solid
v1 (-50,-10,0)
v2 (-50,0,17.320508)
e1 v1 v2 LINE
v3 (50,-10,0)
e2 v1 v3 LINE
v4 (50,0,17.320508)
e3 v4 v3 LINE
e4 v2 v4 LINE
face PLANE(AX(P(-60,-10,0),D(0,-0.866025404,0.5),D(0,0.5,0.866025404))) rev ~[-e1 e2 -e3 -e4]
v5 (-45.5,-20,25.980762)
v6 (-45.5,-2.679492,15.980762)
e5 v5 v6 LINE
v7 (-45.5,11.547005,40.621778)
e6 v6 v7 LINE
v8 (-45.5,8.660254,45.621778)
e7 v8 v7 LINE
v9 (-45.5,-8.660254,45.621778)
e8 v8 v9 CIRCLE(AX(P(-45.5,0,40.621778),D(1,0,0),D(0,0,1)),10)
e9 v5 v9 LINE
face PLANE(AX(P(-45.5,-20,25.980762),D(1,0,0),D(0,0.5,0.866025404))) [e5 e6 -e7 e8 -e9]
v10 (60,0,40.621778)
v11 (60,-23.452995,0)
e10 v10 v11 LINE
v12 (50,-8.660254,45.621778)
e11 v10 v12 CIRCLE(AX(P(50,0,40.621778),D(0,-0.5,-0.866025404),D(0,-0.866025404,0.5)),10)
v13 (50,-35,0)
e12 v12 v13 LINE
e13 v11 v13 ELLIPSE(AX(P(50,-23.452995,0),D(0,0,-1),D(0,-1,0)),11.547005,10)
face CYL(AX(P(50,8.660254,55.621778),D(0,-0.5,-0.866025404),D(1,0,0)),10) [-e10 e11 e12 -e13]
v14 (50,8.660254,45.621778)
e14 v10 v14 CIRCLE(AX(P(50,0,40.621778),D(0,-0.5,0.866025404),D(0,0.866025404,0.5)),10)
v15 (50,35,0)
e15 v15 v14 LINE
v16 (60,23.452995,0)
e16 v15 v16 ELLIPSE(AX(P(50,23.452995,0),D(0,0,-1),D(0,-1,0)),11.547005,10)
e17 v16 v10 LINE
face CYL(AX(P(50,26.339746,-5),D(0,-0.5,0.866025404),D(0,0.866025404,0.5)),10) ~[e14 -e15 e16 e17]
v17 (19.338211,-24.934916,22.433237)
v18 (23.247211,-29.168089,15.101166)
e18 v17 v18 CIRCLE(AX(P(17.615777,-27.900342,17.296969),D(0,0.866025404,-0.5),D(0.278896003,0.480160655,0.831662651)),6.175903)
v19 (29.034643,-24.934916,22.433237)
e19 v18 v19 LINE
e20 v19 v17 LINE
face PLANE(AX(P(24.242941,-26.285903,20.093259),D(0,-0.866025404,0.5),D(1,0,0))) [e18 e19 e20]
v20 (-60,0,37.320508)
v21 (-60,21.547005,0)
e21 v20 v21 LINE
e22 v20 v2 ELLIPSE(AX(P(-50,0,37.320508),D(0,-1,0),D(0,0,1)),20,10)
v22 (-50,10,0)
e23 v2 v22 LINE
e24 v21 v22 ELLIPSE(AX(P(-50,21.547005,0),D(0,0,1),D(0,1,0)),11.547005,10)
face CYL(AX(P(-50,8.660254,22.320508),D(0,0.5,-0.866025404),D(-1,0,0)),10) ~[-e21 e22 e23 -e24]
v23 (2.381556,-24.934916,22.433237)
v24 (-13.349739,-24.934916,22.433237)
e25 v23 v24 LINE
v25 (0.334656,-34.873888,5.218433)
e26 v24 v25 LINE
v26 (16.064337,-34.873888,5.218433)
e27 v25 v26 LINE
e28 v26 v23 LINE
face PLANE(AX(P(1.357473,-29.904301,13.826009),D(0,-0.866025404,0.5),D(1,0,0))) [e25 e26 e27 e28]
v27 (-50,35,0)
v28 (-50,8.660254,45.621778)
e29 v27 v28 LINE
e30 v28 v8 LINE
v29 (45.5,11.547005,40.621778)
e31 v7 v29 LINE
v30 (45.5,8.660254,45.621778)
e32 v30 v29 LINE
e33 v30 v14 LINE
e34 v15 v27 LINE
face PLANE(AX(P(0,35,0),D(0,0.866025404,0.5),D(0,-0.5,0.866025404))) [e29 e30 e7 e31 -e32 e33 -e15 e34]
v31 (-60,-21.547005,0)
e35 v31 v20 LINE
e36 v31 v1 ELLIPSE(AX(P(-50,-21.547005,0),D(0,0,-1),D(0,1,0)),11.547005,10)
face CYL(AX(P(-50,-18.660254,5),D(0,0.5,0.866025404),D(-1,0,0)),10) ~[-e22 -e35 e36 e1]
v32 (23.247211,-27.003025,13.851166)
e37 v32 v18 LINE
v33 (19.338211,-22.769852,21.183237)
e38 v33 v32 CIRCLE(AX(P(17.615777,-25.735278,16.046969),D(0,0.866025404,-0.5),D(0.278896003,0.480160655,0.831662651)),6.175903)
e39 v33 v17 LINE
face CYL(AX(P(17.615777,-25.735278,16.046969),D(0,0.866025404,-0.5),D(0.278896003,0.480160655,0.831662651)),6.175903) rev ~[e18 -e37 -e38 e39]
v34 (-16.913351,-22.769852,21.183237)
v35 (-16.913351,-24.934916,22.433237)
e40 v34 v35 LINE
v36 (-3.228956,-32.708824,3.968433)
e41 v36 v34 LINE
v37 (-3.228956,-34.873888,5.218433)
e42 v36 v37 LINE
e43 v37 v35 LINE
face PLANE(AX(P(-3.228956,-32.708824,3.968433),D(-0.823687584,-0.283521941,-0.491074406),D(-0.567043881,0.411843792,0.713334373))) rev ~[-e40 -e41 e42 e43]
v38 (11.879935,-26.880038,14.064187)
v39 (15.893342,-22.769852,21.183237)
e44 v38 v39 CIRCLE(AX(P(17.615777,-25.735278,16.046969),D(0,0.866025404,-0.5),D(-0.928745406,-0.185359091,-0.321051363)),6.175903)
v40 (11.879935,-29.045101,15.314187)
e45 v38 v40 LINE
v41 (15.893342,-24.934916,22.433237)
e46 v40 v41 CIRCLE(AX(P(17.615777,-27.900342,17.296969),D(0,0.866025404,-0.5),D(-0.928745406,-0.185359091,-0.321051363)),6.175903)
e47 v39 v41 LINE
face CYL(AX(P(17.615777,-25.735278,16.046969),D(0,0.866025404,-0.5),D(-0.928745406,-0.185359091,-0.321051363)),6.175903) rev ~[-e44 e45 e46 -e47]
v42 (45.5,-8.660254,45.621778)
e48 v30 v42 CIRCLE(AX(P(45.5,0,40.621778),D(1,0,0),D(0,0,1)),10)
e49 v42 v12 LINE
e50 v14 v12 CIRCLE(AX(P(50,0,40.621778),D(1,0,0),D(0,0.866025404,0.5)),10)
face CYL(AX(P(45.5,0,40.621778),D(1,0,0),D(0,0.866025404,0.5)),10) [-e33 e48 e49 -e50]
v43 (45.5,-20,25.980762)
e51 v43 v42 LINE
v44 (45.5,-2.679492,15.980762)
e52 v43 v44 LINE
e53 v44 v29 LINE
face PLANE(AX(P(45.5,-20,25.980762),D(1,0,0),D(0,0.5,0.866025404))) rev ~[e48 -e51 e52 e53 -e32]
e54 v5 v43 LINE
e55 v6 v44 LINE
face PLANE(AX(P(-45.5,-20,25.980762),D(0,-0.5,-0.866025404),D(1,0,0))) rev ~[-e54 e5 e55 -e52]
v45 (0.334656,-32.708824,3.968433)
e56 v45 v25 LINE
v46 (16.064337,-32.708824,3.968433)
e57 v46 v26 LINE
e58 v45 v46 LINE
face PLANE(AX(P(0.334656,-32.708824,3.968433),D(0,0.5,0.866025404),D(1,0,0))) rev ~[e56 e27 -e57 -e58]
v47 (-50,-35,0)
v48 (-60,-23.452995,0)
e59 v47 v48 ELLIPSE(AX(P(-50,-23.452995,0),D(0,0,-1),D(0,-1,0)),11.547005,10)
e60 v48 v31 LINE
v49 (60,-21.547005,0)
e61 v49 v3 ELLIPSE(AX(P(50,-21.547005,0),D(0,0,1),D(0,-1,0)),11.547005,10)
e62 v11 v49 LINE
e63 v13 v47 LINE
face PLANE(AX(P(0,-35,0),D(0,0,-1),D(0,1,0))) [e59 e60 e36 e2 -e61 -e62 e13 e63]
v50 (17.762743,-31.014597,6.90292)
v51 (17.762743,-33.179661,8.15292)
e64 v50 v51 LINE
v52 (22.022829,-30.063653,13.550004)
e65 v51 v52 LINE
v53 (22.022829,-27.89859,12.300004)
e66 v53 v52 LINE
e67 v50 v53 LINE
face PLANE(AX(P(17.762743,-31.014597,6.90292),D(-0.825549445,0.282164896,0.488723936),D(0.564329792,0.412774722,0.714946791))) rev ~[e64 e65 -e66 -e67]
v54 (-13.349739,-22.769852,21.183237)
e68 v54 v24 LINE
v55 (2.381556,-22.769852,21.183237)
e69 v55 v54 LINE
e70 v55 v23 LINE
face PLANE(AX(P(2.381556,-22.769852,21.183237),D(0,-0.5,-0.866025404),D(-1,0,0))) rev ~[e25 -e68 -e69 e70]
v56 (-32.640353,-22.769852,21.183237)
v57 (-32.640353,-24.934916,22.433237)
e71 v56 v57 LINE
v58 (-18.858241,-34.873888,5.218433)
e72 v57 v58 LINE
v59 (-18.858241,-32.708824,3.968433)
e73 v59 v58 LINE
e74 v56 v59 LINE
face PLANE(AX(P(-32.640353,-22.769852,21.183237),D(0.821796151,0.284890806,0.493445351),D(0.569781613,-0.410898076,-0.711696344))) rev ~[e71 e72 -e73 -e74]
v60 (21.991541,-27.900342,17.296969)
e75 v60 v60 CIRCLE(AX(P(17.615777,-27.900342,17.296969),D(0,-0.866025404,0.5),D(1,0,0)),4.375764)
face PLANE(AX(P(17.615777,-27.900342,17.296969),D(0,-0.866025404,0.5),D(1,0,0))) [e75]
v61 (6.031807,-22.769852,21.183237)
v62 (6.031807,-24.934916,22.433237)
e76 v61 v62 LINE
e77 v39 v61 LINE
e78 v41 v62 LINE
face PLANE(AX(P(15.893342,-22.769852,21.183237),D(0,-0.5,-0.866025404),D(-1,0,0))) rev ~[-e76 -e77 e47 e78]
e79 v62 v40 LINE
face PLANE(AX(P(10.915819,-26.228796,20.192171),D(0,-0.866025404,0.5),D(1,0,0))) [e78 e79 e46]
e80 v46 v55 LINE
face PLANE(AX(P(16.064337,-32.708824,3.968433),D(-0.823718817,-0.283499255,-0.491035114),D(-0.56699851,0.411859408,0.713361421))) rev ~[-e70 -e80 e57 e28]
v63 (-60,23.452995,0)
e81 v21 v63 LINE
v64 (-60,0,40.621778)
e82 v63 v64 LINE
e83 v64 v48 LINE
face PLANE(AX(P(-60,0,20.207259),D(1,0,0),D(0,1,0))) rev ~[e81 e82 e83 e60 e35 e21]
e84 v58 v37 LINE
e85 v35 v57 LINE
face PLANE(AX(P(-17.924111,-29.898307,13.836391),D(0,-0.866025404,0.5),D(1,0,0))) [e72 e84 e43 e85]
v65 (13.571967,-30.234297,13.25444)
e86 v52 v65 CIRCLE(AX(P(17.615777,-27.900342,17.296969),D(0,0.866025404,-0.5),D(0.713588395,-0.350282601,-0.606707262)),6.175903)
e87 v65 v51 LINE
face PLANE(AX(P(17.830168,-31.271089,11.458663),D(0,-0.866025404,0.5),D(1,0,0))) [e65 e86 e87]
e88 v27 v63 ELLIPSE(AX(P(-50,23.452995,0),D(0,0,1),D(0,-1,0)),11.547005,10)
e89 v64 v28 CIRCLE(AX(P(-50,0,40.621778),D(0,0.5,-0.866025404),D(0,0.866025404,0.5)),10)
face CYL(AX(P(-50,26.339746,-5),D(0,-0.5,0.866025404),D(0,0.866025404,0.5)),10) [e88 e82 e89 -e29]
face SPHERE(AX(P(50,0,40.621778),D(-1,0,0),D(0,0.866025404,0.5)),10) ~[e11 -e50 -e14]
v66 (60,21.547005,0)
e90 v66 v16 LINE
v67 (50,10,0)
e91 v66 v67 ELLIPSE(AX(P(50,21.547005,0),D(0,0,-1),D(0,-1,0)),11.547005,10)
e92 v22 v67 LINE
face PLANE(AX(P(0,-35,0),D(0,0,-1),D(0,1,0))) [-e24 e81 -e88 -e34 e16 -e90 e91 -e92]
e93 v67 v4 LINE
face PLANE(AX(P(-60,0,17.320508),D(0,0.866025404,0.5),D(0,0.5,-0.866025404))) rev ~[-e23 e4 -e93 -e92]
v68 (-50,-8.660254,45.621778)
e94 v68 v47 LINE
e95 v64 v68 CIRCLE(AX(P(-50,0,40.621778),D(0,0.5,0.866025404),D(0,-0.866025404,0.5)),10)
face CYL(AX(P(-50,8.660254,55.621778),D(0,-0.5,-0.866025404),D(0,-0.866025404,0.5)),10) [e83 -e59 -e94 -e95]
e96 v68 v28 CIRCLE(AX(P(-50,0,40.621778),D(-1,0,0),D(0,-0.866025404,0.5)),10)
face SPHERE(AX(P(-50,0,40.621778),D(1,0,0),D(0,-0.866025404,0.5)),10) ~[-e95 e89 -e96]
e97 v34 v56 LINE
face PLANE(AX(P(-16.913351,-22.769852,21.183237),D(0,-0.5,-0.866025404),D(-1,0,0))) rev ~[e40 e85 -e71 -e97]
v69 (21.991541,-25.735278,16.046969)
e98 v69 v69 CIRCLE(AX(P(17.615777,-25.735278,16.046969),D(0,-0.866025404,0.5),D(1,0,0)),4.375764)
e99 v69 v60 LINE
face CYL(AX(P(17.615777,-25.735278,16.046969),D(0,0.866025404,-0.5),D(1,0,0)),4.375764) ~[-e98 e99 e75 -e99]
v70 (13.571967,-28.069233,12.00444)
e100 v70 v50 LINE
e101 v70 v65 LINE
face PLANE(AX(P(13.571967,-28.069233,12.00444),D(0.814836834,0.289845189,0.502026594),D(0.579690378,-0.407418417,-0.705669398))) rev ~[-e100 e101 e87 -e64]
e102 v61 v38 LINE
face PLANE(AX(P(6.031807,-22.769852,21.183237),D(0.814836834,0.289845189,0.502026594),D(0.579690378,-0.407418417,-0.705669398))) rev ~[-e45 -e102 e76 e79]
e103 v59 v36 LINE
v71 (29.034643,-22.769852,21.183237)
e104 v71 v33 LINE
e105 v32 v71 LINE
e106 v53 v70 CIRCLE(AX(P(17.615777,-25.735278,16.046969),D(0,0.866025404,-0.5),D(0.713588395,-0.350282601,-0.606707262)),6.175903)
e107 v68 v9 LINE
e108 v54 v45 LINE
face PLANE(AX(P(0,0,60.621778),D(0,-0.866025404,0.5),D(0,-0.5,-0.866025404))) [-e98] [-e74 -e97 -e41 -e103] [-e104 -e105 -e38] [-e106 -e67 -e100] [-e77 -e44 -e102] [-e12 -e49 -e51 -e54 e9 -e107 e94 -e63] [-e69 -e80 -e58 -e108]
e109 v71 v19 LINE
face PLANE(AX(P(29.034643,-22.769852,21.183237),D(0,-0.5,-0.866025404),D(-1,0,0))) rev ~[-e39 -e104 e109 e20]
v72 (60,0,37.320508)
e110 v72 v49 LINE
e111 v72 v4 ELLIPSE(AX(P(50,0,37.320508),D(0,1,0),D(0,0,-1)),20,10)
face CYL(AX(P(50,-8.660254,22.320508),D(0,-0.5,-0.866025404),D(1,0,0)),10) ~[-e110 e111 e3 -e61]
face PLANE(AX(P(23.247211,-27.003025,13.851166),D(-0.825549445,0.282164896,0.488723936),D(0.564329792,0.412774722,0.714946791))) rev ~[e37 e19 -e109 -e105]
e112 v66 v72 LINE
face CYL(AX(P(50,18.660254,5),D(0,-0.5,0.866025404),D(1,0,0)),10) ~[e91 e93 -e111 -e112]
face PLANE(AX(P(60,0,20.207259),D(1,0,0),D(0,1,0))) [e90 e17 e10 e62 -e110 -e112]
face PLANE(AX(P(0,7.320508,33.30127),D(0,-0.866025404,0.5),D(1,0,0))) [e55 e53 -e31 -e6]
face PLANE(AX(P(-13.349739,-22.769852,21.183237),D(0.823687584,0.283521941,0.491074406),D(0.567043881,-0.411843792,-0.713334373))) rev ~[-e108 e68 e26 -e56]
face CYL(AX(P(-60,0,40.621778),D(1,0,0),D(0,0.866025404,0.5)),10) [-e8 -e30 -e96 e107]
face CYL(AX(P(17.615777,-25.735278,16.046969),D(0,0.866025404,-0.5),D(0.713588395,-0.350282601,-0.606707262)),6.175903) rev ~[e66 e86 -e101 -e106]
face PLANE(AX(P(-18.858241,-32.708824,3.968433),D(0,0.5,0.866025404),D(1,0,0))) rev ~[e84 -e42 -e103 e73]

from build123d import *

# Parameters (mm, degrees)
F1_DEPTH = 60
F2_W     = 91
F2_H     = 40
F3_DEPTH = 20
F4_R     = 4.3757639441
F5_DEPTH = 2.5
F7_DEPTH = 120.001
F8_R     = 10


with BuildPart() as f1:
    # F0 (on Right) → F1 (new body, symmetric)
    with BuildSketch(Plane.YZ):
        Polygon((35, 0), (0, 60.6217782649), (-35, 0), align=None)
    extrude(amount=F1_DEPTH, both=True)

    # F2 (on face) → F3 (cut)
    with BuildSketch(Plane(origin=(0, -26.25, 15.1554445662), x_dir=(1, 0, 0), z_dir=(0, -0.8660254038, 0.5))):
        with Locations((0, 32.5)):
            Rectangle(F2_W, F2_H)
    extrude(amount=-F3_DEPTH, mode=Mode.SUBTRACT)

    # F4 (on face) → F5 (join)
    with BuildSketch(Plane(origin=(0, -26.25, 15.1554445662), x_dir=(1, 0, 0), z_dir=(0, -0.8660254038, 0.5))):
        Polygon((-16.9133506715, 6.9602951407), (-32.6403528452, 6.9602951407), (-18.8582409173, -12.9176480696), (-3.2289559022, -12.9176480696), align=None)
        Polygon((2.3815555032, 6.9602951407), (-13.3497389033, 6.9602951407), (0.334655866, -12.9176480696), (16.0643365234, -12.9176480696), align=None)
        with BuildLine():
            Line((15.8933419219, 6.9602951407), (6.0318070464, 6.9602951407))
            Line((6.0318070464, 6.9602951407), (11.8799349226, -1.2600759071))
            ThreePointArc((11.8799349226, -1.2600759071), (12.0659931402, 3.7389977797), (15.8933419219, 6.9602951407))
        make_face()
        with Locations((17.6157766381, 1.0294436968)):
            Circle(F4_R)
        with BuildLine():
            Line((23.2472105613, -1.5060507656), (29.0346425027, 6.9602951407))
            Line((29.0346425027, 6.9602951407), (19.3382113542, 6.9602951407))
            ThreePointArc((19.3382113542, 6.9602951407), (23.2228792092, 3.6183007725), (23.2472105613, -1.5060507656))
        make_face()
        with BuildLine():
            Line((13.5719669058, -3.6384662263), (17.7627429366, -9.5291947946))
            Line((17.7627429366, -9.5291947946), (22.0228294821, -3.29717917))
            ThreePointArc((22.0228294821, -3.29717917), (17.8649865963, -5.1414293855), (13.5719669058, -3.6384662263))
        make_face()
    extrude(amount=F5_DEPTH)

    # F6 (on face) → F7 (cut, through all)
    with BuildSketch(Plane(origin=(-60, 0, 0), x_dir=(0, -1, 0), z_dir=(-1, 0, 0))):
        Polygon((10, 0), (0, 17.3205080757), (-10, 0), align=None)
    extrude(amount=-F7_DEPTH, mode=Mode.SUBTRACT)

    # F8
    f8_edges = [f1.edges().sort_by_distance(p)[0] for p in [
        (52.75, 0, 60.621778),
        (-52.75, 0, 60.621778),
        (-60, -17.5, 30.310889),
        (60, 17.5, 30.310889),
        (60, -17.5, 30.310889),
        (-60, 17.5, 30.310889),
        (-60, -5, 8.660254),
        (-60, 5, 8.660254),
        (60, -5, 8.660254),
        (60, 5, 8.660254),
    ]]
    fillet(f8_edges, radius=F8_R)


solid = f1.part
